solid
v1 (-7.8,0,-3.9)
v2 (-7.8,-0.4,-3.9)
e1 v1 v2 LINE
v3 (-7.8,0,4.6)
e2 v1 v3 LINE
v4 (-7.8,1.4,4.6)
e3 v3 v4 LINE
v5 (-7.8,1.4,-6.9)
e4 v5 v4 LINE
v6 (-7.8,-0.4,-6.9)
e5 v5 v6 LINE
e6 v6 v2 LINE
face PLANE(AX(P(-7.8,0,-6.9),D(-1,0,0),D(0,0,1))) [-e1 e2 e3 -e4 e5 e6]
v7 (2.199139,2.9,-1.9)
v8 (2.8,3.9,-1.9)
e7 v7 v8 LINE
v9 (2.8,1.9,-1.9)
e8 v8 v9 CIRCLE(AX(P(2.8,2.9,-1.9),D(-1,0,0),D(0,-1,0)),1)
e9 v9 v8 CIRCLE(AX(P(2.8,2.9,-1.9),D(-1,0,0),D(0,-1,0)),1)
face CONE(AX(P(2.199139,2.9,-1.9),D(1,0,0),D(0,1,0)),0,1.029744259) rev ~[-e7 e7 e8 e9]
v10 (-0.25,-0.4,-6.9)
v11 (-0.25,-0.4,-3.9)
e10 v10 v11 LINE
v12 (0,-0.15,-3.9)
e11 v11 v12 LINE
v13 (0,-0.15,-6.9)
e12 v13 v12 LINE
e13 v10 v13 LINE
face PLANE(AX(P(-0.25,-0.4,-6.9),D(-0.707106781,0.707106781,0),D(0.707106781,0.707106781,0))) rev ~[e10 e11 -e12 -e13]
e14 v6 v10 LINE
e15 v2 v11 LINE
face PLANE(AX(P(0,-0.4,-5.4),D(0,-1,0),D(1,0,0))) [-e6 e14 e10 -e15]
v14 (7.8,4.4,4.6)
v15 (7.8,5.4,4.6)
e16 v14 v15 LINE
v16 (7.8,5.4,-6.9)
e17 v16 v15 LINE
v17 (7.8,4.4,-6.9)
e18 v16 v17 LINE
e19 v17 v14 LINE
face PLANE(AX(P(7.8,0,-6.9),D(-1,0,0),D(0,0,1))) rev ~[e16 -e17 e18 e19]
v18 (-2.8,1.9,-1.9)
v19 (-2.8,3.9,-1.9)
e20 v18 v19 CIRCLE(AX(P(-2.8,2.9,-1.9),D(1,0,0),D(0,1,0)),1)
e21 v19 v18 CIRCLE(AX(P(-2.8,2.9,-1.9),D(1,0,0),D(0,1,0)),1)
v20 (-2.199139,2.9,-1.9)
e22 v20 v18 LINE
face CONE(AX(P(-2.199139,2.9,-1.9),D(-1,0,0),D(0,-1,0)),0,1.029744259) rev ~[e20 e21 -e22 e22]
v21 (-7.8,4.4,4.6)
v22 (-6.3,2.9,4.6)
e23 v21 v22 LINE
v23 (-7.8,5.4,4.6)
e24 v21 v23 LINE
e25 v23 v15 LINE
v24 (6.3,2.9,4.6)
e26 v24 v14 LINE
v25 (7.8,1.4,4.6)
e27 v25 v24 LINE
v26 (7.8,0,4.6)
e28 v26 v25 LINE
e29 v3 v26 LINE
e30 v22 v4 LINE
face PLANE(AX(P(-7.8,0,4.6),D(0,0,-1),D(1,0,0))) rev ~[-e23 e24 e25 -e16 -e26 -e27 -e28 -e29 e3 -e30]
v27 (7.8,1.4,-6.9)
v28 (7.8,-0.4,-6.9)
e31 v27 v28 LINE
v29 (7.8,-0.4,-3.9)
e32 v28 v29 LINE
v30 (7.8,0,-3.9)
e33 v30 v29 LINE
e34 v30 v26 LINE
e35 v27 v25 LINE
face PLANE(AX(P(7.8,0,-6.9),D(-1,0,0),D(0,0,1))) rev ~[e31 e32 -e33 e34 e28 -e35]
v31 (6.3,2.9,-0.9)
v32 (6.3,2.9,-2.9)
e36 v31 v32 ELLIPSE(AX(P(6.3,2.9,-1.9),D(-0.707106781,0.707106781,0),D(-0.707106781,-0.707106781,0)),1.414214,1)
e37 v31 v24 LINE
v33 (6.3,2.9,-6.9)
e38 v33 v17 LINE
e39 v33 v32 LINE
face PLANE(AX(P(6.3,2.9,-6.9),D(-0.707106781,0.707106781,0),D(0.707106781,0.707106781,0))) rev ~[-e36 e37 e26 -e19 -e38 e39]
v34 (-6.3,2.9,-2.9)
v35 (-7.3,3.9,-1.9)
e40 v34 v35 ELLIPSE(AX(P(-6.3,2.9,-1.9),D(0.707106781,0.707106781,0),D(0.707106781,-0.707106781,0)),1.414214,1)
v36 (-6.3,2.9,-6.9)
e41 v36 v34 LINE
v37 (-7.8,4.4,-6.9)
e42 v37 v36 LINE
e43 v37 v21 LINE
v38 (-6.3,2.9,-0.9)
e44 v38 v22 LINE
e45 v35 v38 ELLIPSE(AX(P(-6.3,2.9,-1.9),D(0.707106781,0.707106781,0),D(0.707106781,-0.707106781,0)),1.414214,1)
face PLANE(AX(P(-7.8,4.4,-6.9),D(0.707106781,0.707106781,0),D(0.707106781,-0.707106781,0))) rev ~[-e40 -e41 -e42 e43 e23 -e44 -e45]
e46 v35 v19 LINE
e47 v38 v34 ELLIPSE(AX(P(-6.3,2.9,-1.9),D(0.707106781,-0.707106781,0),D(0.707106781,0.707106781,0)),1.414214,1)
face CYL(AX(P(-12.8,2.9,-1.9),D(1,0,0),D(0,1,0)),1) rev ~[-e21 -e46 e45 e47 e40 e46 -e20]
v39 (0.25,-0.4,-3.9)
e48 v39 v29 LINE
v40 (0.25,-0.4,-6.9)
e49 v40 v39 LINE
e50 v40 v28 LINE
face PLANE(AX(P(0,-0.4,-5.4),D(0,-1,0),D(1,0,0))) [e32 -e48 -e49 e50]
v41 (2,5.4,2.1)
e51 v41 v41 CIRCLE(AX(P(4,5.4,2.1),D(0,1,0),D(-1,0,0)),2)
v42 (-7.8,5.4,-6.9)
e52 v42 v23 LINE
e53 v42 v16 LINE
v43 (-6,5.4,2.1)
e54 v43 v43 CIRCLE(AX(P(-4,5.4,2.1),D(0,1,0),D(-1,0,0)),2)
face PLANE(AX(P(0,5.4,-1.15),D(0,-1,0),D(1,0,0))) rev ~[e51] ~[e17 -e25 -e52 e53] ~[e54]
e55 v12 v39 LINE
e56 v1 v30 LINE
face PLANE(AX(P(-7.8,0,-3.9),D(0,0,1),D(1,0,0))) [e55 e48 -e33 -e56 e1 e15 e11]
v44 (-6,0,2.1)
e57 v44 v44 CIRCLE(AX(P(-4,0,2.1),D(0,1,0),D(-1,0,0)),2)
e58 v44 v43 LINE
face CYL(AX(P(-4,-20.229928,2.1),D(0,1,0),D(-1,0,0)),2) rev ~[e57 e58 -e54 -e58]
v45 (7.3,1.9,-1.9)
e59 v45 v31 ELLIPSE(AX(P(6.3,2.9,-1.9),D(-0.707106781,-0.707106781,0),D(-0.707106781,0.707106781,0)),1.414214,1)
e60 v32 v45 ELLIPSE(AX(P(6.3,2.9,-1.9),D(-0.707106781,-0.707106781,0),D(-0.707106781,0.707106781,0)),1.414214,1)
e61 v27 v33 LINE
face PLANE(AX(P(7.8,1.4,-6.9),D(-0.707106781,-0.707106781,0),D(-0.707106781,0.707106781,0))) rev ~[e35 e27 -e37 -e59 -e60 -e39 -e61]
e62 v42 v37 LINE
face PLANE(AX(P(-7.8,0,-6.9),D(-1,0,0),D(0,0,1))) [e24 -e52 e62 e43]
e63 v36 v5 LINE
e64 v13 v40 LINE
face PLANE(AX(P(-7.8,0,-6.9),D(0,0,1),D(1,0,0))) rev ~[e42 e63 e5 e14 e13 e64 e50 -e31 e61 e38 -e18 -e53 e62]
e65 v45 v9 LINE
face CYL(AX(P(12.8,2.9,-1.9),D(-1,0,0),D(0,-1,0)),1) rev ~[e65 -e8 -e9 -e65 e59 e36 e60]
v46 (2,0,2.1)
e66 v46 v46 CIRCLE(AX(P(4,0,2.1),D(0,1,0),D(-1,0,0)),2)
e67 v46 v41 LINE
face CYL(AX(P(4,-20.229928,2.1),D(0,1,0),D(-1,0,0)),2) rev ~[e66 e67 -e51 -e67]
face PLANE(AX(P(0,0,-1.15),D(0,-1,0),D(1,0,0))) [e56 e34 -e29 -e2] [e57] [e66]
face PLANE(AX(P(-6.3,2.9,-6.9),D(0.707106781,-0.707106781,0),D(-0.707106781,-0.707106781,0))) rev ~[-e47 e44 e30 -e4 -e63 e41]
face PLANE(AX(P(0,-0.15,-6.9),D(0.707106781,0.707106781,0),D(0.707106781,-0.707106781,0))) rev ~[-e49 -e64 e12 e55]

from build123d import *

# Parameters (mm, degrees)
F0_W           = 15.6
F0_H           = 11.5
F1_DEPTH       = 5.4
F2_W           = 15.6
F2_H           = 3
F3_DEPTH       = 0.4
F6_D           = 2
F6_DEPTH       = 5
F6_TIP         = 0.600860619
F6_ON_F5_D     = 2
F6_ON_F5_DEPTH = 5
F6_ON_F5_TIP   = 0.600860619
F8_DEPTH       = 25
F10_DEPTH      = 3
F12_D          = 4


with BuildPart() as f1:
    # F0 (on Front) → F1 (new body)
    with BuildSketch(Plane.XZ):
        with Locations((0, -1.15)):
            Rectangle(F0_W, F0_H)
    extrude(amount=-F1_DEPTH)

    # F2 (on face) → F3 (join)
    with BuildSketch(Plane.XZ):
        with Locations((0, -5.4)):
            Rectangle(F2_W, F2_H)
    extrude(amount=F3_DEPTH)

    # F6
    with Locations(Plane.YZ.offset(7.8)):
        with Locations((2.9, -1.9)):
            Hole(F6_D / 2, depth=F6_DEPTH)
            with Locations((0, 0, -(F6_DEPTH + F6_TIP / 2))):  # 118° drill point
                Cone(0, F6_D / 2, F6_TIP, mode=Mode.SUBTRACT)

    # F6 on F5
    with Locations(Plane(origin=(-7.8, 0, 0), x_dir=(0, -1, 0), z_dir=(-1, 0, 0))):
        with Locations((-2.9, -1.9)):
            Hole(F6_ON_F5_D / 2, depth=F6_ON_F5_DEPTH)
            with Locations((0, 0, -(F6_ON_F5_DEPTH + F6_ON_F5_TIP / 2))):  # 118° drill point
                Cone(0, F6_ON_F5_D / 2, F6_ON_F5_TIP, mode=Mode.SUBTRACT)

    # F7 (on face) → F8 (cut)
    with BuildSketch(Plane(origin=(0, 0, -6.9), x_dir=(1, 0, 0), z_dir=(0, 0, -1))):
        Polygon((-6.3, -2.9), (-7.8, -1.4), (-7.8, -4.4), align=None)
        Polygon((7.8, -4.4), (7.8, -1.4), (6.3, -2.9), align=None)
    extrude(amount=-F8_DEPTH, mode=Mode.SUBTRACT)

    # F9 (on face) → F10 (cut, through all)
    with BuildSketch(Plane(origin=(0, 0, -6.9), x_dir=(1, 0, 0), z_dir=(0, 0, -1))):
        Polygon((-0.25, 0.4), (0, 0.15), (0.25, 0.4), align=None)
    extrude(amount=-F10_DEPTH, mode=Mode.SUBTRACT)

    # F12 (through all)
    with Locations(Plane.XZ):
        with Locations((-4, 2.1), (4, 2.1)):
            Hole(F12_D / 2)


solid = f1.part
